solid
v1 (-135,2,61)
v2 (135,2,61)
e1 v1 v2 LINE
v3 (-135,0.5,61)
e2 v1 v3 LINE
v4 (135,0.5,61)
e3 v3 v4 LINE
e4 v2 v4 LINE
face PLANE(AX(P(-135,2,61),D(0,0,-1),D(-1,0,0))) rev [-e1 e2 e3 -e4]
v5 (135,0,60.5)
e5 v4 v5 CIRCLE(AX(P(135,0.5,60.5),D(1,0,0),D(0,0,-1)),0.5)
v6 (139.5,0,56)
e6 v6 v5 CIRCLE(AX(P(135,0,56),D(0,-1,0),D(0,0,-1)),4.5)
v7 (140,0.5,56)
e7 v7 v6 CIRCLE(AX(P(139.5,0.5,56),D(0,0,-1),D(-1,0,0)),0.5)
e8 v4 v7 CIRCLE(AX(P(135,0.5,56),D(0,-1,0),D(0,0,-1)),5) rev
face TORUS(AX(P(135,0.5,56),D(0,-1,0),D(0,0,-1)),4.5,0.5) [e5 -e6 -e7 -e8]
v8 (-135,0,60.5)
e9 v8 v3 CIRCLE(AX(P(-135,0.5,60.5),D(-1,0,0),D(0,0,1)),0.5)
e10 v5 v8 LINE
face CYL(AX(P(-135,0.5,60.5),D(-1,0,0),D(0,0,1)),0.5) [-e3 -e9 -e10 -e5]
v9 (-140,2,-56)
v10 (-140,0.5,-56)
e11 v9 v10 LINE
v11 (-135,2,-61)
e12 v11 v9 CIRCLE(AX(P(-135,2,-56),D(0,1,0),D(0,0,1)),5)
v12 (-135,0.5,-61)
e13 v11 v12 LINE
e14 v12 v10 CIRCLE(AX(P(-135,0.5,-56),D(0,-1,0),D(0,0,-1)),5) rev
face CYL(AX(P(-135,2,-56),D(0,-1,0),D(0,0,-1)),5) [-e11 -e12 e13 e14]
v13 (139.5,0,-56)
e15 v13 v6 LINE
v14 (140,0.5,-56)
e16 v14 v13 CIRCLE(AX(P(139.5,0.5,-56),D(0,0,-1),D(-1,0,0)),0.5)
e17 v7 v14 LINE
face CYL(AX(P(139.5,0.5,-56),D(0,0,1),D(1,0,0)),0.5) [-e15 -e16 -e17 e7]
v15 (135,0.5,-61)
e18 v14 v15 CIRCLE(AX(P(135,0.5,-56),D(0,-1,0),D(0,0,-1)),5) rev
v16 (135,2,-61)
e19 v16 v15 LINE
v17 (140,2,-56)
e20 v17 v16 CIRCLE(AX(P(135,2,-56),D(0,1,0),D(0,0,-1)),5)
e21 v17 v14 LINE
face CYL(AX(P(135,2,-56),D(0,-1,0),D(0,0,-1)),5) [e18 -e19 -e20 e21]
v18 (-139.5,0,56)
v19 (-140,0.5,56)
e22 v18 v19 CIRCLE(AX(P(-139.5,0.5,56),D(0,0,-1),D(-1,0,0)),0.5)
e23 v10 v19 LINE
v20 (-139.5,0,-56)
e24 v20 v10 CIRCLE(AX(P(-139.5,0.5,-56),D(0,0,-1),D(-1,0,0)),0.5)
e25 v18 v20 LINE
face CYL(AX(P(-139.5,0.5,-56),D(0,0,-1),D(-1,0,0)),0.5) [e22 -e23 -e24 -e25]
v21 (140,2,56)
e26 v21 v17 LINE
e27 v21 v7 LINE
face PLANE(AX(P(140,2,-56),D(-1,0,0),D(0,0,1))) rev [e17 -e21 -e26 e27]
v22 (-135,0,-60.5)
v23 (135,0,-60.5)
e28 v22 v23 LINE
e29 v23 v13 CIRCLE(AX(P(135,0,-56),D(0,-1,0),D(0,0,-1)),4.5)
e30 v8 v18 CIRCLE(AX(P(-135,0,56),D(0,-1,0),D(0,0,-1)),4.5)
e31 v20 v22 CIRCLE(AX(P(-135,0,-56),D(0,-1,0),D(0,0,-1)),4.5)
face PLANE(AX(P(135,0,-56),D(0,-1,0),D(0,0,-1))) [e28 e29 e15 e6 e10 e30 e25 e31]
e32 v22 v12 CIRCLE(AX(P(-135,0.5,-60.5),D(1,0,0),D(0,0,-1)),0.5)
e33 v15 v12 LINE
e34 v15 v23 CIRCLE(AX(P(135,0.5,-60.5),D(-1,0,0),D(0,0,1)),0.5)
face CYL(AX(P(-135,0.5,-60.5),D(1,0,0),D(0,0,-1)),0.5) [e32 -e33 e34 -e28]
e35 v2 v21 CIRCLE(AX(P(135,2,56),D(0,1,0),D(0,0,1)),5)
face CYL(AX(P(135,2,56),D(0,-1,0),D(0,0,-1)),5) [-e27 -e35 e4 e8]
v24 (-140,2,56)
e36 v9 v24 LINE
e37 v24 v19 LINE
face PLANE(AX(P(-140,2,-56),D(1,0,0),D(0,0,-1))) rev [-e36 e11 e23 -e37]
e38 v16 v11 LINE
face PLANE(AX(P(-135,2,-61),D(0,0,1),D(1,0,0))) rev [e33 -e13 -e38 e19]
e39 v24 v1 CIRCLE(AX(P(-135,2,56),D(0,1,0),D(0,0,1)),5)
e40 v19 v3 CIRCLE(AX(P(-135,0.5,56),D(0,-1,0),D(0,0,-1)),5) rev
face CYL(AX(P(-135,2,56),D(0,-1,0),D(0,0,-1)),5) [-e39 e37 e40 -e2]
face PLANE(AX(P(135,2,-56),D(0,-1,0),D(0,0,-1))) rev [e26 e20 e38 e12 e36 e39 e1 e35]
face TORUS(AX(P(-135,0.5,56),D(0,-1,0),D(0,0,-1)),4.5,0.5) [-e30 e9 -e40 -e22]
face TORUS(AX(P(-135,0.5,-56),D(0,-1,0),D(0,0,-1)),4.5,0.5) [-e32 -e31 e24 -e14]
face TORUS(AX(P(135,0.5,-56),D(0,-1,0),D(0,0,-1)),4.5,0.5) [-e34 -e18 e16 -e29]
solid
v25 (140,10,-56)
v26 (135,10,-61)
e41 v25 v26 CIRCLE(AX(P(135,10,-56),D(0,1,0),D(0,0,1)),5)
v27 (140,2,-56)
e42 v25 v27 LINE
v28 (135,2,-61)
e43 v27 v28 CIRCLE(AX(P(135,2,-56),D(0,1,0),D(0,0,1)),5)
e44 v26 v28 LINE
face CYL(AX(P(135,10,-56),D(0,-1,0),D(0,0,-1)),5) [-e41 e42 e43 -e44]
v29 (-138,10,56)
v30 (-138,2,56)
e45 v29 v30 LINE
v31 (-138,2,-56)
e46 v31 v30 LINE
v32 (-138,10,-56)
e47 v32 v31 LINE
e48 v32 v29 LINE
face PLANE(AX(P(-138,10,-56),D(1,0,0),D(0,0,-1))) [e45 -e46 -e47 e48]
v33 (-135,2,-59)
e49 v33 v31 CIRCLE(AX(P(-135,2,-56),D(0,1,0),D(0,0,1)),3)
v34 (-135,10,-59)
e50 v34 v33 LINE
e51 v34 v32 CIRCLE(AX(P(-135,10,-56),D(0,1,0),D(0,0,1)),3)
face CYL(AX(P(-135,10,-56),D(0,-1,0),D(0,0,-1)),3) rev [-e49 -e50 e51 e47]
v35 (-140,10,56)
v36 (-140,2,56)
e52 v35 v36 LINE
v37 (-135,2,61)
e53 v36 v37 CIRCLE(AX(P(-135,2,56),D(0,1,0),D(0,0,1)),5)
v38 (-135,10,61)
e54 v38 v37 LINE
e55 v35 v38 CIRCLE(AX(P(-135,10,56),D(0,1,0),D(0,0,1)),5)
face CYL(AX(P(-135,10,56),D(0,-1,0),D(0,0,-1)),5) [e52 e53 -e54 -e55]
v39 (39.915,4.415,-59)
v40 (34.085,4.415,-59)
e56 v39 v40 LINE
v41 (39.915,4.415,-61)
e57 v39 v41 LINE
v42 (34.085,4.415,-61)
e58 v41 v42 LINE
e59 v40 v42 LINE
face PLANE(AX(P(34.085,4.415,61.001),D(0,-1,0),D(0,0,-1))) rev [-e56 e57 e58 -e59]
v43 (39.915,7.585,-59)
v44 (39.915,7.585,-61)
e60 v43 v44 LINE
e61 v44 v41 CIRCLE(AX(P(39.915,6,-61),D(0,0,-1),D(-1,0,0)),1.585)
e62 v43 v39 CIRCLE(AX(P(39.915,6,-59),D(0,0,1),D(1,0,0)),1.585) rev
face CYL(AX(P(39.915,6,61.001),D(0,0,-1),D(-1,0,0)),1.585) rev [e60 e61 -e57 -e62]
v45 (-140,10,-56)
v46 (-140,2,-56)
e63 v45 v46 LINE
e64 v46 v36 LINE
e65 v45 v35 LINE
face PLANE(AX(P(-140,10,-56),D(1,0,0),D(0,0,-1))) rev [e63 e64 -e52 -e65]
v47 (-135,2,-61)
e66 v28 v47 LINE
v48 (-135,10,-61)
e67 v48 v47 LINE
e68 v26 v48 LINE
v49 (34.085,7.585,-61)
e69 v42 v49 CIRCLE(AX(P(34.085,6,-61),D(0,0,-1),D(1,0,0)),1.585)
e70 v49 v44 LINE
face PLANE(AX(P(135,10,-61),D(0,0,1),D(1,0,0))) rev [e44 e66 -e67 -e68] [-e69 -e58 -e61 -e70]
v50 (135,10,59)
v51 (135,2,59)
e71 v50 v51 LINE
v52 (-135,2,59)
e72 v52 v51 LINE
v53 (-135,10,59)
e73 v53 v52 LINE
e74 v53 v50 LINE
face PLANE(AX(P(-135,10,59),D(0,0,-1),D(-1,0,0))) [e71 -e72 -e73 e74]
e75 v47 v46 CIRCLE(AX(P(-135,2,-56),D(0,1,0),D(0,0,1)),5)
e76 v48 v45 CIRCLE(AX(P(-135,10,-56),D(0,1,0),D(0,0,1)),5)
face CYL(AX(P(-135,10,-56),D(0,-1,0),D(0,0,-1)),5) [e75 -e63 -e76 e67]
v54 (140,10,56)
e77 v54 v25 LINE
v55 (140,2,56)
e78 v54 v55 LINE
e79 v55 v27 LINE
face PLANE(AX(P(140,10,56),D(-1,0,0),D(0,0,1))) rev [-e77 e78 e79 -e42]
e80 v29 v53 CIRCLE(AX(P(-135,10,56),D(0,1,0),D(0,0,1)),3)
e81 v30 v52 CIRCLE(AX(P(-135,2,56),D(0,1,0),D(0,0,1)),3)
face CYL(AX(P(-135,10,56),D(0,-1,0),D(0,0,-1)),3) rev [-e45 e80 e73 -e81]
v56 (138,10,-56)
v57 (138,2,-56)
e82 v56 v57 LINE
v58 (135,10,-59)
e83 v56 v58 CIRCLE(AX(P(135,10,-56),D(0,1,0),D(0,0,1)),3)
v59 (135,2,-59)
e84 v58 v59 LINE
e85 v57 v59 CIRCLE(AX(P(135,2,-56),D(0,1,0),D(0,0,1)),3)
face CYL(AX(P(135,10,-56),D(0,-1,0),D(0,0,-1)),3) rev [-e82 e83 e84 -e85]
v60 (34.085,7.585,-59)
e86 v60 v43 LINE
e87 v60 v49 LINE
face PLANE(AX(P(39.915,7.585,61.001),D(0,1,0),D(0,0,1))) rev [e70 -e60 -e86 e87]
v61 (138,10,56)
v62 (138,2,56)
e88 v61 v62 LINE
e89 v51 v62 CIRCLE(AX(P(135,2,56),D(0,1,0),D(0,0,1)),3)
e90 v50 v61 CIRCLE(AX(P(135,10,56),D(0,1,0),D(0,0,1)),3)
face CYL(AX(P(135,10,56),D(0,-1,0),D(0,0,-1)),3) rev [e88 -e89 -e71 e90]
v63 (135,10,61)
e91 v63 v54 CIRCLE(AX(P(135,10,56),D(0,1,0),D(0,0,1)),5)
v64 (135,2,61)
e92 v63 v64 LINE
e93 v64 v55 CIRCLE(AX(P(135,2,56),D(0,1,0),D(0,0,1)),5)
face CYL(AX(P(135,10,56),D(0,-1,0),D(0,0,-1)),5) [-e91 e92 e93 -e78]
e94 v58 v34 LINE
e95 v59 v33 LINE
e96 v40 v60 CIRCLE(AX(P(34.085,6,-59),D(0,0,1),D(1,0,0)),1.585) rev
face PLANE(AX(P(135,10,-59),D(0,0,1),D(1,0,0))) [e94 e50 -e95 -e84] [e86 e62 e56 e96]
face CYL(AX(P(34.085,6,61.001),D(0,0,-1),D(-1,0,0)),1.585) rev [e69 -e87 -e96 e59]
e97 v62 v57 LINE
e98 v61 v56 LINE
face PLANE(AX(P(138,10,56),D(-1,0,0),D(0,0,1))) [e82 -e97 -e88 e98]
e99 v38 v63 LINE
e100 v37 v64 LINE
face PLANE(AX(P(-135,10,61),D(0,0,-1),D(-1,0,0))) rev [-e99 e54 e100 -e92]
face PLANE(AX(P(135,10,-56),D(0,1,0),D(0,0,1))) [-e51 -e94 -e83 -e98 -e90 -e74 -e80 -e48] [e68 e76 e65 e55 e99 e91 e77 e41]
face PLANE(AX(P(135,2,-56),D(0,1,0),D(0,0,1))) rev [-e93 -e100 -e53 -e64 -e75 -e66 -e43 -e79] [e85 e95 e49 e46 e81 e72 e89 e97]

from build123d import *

# Parameters (mm, degrees)
EXTRUDE_1_DEPTH     = 2
EXTRUDE_2_DEPTH     = 8
CUT_EXTRUDE_7_DEPTH = 2
FILLET_1_R          = 0.5


with BuildPart() as part:
    # 草图1 → 凸台-拉伸1 (new body)
    with BuildSketch(Plane(origin=(0, 0, 0), x_dir=(1, 0, 0), z_dir=(0, 1, 0))):
        with BuildLine():
            Line((-135, 61), (135, 61))
            ThreePointArc((135, 61), (138.535533906, 59.535533906), (140, 56))
            Line((140, 56), (140, -56))
            ThreePointArc((140, -56), (138.535533906, -59.535533906), (135, -61))
            Line((135, -61), (-135, -61))
            ThreePointArc((-135, -61), (-138.535533906, -59.535533906), (-140, -56))
            Line((-140, -56), (-140, 56))
            ThreePointArc((-140, 56), (-138.535533906, 59.535533906), (-135, 61))
        make_face()
    extrude(amount=EXTRUDE_1_DEPTH)

    # 圆角1
    fillet_1_edges = [part.edges().sort_by_distance(p)[0] for p in [
        (-140, 0, 0),
        (-138.535533906, 0, -59.535533906),
        (0, 0, -61),
        (138.535533906, 0, -59.535533906),
        (140, 0, 0),
        (138.535533906, 0, 59.535533906),
        (0, 0, 61),
        (-138.535533906, 0, 59.535533906),
    ]]
    fillet(fillet_1_edges, radius=FILLET_1_R)


with BuildPart() as body_2:
    # 草图2 → 凸台-拉伸2 (new body)
    with BuildSketch(Plane(origin=(0, 2, 0), x_dir=(1, 0, 0), z_dir=(0, 1, 0))):
        with BuildLine():
            Line((135, 61), (-135, 61))
            ThreePointArc((-135, 61), (-138.535533906, 59.535533906), (-140, 56))
            Line((-140, 56), (-140, -56))
            ThreePointArc((-140, -56), (-138.535533906, -59.535533906), (-135, -61))
            Line((-135, -61), (135, -61))
            ThreePointArc((135, -61), (138.535533906, -59.535533906), (140, -56))
            Line((140, -56), (140, 56))
            ThreePointArc((140, 56), (138.535533906, 59.535533906), (135, 61))
        make_face()
        with BuildLine():
            Line((135, 59), (-135, 59))
            ThreePointArc((-135, 59), (-137.121320344, 58.121320344), (-138, 56))
            Line((-138, 56), (-138, -56))
            ThreePointArc((-138, -56), (-137.121320344, -58.121320344), (-135, -59))
            Line((-135, -59), (135, -59))
            ThreePointArc((135, -59), (137.121320344, -58.121320344), (138, -56))
            Line((138, -56), (138, 56))
            ThreePointArc((138, 56), (137.121320344, 58.121320344), (135, 59))
        make_face(mode=Mode.SUBTRACT)
    extrude(amount=EXTRUDE_2_DEPTH)

    # 草图3 → 切除-拉伸7 (cut)
    with BuildSketch(Plane(origin=(0, 0, -61), x_dir=(-1, 0, 0), z_dir=(0, 0, -1))):
        with BuildLine():
            Line((-39.915, 7.585), (-34.085, 7.585))
            ThreePointArc((-34.085, 7.585), (-32.5, 6), (-34.085, 4.415))
            Line((-34.085, 4.415), (-39.915, 4.415))
            ThreePointArc((-39.915, 4.415), (-41.5, 6), (-39.915, 7.585))
        make_face()
    extrude(amount=-CUT_EXTRUDE_7_DEPTH, mode=Mode.SUBTRACT)


solid = Compound([part.part, body_2.part])
